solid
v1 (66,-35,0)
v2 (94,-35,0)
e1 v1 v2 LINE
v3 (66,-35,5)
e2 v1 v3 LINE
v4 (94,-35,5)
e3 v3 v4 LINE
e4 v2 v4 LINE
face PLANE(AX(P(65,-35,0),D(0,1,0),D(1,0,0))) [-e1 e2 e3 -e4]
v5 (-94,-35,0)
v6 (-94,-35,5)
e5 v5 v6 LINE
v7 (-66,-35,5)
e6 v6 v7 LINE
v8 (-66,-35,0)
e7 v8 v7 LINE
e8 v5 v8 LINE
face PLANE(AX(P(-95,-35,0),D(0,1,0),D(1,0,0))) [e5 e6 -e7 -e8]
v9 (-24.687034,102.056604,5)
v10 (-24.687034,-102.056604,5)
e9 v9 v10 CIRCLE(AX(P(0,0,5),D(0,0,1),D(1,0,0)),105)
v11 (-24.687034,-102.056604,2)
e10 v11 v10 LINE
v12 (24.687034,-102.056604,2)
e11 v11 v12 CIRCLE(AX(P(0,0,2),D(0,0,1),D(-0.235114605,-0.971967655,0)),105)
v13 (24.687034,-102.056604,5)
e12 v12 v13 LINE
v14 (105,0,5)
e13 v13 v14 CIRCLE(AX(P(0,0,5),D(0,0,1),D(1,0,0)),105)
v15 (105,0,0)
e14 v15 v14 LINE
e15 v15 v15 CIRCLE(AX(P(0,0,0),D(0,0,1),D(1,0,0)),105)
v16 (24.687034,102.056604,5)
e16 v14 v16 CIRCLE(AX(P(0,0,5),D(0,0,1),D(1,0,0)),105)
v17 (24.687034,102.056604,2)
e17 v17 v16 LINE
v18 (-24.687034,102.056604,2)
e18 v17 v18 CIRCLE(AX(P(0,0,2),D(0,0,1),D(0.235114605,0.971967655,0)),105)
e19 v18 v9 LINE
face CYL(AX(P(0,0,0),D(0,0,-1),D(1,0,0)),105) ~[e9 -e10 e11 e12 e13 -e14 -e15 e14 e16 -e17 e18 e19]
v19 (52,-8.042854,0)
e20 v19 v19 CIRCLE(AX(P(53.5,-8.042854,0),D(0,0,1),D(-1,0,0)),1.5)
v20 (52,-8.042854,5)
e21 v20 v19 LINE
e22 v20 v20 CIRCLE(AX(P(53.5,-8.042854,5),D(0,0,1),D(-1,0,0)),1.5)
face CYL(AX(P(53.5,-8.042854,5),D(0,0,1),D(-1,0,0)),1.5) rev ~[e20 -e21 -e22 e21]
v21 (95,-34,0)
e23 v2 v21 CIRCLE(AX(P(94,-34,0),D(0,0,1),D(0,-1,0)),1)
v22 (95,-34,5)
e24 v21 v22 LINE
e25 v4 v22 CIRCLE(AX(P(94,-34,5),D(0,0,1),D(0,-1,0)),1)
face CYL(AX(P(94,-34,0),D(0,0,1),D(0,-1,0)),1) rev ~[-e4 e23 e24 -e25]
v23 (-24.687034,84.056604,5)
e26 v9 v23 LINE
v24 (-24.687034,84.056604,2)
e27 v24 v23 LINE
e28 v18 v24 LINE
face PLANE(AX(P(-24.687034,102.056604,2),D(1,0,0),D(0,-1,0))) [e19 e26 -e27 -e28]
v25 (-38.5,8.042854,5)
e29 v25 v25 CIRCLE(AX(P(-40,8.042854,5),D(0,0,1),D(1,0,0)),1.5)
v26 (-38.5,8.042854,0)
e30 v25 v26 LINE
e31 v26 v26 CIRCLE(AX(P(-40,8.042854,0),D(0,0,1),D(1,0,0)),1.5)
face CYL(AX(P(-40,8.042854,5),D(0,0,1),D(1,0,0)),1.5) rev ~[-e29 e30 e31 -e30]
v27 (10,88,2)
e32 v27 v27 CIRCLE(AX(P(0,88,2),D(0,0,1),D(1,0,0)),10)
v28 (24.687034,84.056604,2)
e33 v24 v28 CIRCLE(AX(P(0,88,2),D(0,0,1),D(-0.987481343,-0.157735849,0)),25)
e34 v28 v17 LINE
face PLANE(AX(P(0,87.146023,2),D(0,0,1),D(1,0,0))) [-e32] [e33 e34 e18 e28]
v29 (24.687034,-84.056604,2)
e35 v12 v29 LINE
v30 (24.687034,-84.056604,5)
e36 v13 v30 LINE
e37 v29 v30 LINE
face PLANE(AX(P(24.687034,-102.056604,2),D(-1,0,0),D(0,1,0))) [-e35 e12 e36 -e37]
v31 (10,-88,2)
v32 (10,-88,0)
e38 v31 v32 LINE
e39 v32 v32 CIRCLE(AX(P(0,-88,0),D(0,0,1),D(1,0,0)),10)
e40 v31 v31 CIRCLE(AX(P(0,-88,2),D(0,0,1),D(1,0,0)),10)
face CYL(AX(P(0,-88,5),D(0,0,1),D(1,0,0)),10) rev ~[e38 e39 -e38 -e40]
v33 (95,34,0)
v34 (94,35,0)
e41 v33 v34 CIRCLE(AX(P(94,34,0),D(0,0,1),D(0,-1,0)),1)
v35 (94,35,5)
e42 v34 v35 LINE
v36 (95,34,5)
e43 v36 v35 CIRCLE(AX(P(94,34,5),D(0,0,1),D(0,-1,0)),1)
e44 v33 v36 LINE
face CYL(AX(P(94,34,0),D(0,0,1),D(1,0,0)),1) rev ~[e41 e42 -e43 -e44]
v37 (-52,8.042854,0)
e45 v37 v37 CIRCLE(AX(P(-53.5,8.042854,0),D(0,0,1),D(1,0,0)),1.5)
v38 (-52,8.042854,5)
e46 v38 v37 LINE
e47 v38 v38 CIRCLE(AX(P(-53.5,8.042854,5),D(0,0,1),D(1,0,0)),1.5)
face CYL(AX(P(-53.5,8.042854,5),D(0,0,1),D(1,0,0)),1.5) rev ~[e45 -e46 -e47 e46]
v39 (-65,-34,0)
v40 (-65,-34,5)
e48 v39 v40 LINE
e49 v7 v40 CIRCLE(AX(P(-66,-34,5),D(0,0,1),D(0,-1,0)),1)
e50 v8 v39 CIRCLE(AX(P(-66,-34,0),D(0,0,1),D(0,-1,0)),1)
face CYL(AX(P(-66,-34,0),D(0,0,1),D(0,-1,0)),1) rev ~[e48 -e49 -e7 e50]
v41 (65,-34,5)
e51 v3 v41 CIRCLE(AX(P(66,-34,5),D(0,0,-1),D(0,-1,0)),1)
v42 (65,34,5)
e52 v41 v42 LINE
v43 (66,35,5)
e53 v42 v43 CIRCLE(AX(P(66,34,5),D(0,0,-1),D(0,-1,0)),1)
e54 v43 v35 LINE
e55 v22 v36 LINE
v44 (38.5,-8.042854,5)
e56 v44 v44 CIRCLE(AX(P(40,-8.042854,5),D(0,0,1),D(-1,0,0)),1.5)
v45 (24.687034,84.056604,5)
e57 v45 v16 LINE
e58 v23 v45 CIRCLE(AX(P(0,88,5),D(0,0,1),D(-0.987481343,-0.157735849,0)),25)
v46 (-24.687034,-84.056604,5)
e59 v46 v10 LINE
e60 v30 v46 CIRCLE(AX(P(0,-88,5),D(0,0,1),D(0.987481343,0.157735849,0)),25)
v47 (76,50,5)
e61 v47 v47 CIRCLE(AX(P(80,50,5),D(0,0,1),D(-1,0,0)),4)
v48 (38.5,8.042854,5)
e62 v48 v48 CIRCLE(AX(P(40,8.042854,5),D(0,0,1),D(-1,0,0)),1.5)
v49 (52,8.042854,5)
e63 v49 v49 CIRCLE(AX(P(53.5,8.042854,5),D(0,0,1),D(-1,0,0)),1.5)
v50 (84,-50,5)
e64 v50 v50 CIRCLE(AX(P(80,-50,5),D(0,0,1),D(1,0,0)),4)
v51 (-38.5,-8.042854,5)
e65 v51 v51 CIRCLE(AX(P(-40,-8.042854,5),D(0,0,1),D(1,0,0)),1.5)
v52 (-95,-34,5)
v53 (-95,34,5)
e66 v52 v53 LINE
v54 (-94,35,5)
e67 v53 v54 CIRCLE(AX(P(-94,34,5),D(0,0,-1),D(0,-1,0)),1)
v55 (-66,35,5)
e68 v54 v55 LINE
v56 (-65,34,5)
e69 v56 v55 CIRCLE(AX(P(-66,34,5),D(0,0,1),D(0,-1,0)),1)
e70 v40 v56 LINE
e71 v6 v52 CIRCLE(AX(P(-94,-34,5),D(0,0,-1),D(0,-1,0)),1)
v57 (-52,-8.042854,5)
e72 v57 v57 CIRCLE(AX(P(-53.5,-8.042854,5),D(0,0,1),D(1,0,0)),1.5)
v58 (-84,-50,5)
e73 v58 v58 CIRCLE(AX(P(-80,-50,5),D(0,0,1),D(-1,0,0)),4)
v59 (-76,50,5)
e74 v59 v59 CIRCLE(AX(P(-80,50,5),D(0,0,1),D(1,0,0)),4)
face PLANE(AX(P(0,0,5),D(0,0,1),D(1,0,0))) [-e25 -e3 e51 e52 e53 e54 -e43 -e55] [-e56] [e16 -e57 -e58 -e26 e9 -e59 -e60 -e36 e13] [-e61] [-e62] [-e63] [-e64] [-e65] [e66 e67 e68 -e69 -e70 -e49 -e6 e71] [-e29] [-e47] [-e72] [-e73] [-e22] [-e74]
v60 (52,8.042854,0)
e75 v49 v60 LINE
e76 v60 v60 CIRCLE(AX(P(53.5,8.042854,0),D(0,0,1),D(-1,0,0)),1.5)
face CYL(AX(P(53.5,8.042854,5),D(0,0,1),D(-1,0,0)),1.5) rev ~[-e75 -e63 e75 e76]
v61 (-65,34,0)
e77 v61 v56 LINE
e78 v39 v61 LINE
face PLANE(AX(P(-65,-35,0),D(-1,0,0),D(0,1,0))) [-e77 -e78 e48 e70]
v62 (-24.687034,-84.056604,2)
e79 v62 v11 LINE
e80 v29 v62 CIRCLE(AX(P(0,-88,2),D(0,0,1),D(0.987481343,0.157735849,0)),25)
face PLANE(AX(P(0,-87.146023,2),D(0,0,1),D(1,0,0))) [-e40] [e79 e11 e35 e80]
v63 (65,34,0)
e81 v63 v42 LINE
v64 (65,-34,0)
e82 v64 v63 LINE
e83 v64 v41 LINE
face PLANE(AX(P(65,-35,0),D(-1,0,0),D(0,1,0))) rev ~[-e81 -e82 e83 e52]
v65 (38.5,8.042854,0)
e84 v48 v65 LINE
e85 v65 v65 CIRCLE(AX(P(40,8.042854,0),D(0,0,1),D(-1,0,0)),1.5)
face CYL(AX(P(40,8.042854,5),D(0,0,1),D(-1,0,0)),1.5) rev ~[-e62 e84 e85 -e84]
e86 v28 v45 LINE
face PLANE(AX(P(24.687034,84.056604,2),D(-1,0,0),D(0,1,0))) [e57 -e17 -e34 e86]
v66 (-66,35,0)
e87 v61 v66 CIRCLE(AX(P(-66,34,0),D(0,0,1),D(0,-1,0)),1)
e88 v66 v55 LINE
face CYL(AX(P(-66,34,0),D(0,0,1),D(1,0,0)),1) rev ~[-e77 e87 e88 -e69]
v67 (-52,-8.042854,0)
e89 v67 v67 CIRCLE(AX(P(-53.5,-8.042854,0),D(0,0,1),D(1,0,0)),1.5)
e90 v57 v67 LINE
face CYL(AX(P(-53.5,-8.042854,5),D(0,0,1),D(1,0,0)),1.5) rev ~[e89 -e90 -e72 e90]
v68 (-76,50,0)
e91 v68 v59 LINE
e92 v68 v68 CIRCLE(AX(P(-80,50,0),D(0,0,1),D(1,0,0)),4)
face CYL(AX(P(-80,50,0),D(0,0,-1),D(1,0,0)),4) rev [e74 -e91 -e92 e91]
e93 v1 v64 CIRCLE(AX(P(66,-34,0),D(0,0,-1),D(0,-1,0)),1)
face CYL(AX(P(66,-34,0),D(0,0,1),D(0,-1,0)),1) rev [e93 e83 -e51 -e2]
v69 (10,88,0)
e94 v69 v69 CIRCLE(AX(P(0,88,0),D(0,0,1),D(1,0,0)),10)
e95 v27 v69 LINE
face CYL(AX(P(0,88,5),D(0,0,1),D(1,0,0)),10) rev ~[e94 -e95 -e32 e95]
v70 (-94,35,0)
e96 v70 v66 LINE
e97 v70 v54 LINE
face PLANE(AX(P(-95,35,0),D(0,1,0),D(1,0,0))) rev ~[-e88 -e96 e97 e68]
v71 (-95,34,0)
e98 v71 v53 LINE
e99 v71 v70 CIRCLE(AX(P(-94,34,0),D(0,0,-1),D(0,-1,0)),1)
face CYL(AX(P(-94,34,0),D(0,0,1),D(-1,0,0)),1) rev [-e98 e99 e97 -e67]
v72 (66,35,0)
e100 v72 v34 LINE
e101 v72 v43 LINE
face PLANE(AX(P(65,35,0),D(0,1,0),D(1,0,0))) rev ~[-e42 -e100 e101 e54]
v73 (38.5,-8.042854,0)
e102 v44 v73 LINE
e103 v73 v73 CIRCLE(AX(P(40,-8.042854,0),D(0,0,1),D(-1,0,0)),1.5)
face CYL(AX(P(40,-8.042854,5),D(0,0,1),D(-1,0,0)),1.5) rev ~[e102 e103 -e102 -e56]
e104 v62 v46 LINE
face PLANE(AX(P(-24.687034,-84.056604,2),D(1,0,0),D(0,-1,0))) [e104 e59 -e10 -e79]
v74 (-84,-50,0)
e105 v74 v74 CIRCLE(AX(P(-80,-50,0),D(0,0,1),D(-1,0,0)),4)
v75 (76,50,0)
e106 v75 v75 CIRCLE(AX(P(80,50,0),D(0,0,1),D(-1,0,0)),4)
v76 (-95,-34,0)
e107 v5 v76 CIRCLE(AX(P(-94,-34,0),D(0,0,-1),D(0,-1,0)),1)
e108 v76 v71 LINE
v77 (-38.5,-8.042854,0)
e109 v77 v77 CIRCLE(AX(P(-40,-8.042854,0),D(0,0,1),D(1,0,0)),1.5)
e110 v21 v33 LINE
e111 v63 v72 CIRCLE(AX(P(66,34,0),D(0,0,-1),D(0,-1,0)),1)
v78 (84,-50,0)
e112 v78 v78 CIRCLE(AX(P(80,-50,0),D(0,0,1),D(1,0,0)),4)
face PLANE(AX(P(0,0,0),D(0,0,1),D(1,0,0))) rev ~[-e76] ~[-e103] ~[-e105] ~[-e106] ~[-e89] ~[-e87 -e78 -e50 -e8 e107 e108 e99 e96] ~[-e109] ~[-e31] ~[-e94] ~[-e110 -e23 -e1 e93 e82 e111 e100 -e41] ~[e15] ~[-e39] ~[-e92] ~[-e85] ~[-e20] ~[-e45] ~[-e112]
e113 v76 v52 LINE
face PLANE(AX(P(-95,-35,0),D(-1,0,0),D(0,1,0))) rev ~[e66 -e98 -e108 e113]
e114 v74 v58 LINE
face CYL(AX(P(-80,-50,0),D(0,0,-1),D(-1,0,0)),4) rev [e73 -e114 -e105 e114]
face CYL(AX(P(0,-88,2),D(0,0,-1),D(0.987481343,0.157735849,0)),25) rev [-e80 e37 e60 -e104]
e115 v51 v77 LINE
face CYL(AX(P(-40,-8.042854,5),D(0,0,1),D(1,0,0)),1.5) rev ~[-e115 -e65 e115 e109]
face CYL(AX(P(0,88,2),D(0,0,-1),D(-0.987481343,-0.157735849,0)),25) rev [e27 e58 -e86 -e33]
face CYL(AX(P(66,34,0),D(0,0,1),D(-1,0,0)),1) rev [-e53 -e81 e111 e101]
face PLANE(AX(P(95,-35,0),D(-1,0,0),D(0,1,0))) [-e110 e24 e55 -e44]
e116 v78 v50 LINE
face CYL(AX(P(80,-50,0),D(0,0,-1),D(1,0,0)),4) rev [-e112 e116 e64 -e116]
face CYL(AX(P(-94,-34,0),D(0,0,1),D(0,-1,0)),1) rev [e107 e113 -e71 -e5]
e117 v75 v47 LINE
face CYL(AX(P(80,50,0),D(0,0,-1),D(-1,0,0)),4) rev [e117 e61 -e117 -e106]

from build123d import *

# Parameters (mm, degrees)
ESQUISSE1_R             = 105
ESQUISSE1_R_2           = 4
ESQUISSE1_W             = 30
ESQUISSE1_H             = 70
BOSS_EXTRU_1_DEPTH      = 5
ESQUISSE2_R             = 1.5
ENL_V_MAT_EXTRU_1_DEPTH = 149.576579581
CONG_1_R                = 1
ENL_V_START             = -3
ENL_V_MAT_EXTRU_2_DEPTH = 3
ESQUISSE4_R             = 10
ENL_V_MAT_EXTRU_3_DEPTH = 149.576579581


with BuildPart() as part:
    # Esquisse1 → Boss.-Extru.1 (new body)
    with BuildSketch(Plane.XY):
        Circle(ESQUISSE1_R)
        with Locations((-80, 50)):
            Circle(ESQUISSE1_R_2, mode=Mode.SUBTRACT)
        with Locations(Location((80, 50, 0), (0, 0, 180))):
            Circle(ESQUISSE1_R_2, mode=Mode.SUBTRACT)
        with Locations((80, -50)):
            Circle(ESQUISSE1_R_2, mode=Mode.SUBTRACT)
        with Locations(Location((-80, -50, 0), (0, 0, 180))):
            Circle(ESQUISSE1_R_2, mode=Mode.SUBTRACT)
        with Locations((-80, 0)):
            Rectangle(ESQUISSE1_W, ESQUISSE1_H, mode=Mode.SUBTRACT)
        with Locations((80, 0)):
            Rectangle(ESQUISSE1_W, ESQUISSE1_H, mode=Mode.SUBTRACT)
    extrude(amount=BOSS_EXTRU_1_DEPTH)

    # Esquisse2 → Enlèv. mat.-Extru.1 (cut, through all)
    with BuildSketch(Plane.XY.offset(5)):
        with Locations((-53.5, -8.042853971)):
            Circle(ESQUISSE2_R)
        with Locations((-40, -8.042853971)):
            Circle(ESQUISSE2_R)
        with Locations((-53.5, 8.042853971)):
            Circle(ESQUISSE2_R)
        with Locations((-40, 8.042853971)):
            Circle(ESQUISSE2_R)
        with Locations(Location((40, 8.042853971, 0), (0, 0, 180))):
            Circle(ESQUISSE2_R)
        with Locations(Location((53.5, 8.042853971, 0), (0, 0, 180))):
            Circle(ESQUISSE2_R)
        with Locations(Location((40, -8.042853971, 0), (0, 0, 180))):
            Circle(ESQUISSE2_R)
        with Locations(Location((53.5, -8.042853971, 0), (0, 0, 180))):
            Circle(ESQUISSE2_R)
    extrude(amount=-ENL_V_MAT_EXTRU_1_DEPTH, mode=Mode.SUBTRACT)

    # Congé1
    cong_1_edges = [part.edges().sort_by_distance(p)[0] for p in [
        (95, -35, 2.5),
        (95, 35, 2.5),
        (65, 35, 2.5),
        (65, -35, 2.5),
        (-65, -35, 2.5),
        (-65, 35, 2.5),
        (-95, 35, 2.5),
        (-95, -35, 2.5),
    ]]
    fillet(cong_1_edges, radius=CONG_1_R)

    # Esquisse3 → Enlèv. mat.-Extru.2 (cut)
    with BuildSketch(Plane.XY.offset(5).offset(ENL_V_START)):
        with BuildLine():
            ThreePointArc((24.687033564, 102.056603774), (0, 105), (-24.687033564, 102.056603774))
            Line((-24.687033564, 102.056603774), (-24.687033564, 84.056603774))
            ThreePointArc((-24.687033564, 84.056603774), (0, 63), (24.687033564, 84.056603774))
            Line((24.687033564, 84.056603774), (24.687033564, 102.056603774))
        make_face()
        with BuildLine():
            ThreePointArc((24.687033564, -84.056603774), (0, -63), (-24.687033564, -84.056603774))
            Line((-24.687033564, -84.056603774), (-24.687033564, -102.056603774))
            ThreePointArc((-24.687033564, -102.056603774), (0, -105), (24.687033564, -102.056603774))
            Line((24.687033564, -102.056603774), (24.687033564, -84.056603774))
        make_face()
    extrude(amount=ENL_V_MAT_EXTRU_2_DEPTH, mode=Mode.SUBTRACT)

    # Esquisse4 → Enlèv. mat.-Extru.3 (cut, through all)
    with BuildSketch(Plane.XY.offset(5)):
        with Locations((0, 88)):
            Circle(ESQUISSE4_R)
        with Locations((0, -88)):
            Circle(ESQUISSE4_R)
    extrude(amount=-ENL_V_MAT_EXTRU_3_DEPTH, mode=Mode.SUBTRACT)


solid = part.part
